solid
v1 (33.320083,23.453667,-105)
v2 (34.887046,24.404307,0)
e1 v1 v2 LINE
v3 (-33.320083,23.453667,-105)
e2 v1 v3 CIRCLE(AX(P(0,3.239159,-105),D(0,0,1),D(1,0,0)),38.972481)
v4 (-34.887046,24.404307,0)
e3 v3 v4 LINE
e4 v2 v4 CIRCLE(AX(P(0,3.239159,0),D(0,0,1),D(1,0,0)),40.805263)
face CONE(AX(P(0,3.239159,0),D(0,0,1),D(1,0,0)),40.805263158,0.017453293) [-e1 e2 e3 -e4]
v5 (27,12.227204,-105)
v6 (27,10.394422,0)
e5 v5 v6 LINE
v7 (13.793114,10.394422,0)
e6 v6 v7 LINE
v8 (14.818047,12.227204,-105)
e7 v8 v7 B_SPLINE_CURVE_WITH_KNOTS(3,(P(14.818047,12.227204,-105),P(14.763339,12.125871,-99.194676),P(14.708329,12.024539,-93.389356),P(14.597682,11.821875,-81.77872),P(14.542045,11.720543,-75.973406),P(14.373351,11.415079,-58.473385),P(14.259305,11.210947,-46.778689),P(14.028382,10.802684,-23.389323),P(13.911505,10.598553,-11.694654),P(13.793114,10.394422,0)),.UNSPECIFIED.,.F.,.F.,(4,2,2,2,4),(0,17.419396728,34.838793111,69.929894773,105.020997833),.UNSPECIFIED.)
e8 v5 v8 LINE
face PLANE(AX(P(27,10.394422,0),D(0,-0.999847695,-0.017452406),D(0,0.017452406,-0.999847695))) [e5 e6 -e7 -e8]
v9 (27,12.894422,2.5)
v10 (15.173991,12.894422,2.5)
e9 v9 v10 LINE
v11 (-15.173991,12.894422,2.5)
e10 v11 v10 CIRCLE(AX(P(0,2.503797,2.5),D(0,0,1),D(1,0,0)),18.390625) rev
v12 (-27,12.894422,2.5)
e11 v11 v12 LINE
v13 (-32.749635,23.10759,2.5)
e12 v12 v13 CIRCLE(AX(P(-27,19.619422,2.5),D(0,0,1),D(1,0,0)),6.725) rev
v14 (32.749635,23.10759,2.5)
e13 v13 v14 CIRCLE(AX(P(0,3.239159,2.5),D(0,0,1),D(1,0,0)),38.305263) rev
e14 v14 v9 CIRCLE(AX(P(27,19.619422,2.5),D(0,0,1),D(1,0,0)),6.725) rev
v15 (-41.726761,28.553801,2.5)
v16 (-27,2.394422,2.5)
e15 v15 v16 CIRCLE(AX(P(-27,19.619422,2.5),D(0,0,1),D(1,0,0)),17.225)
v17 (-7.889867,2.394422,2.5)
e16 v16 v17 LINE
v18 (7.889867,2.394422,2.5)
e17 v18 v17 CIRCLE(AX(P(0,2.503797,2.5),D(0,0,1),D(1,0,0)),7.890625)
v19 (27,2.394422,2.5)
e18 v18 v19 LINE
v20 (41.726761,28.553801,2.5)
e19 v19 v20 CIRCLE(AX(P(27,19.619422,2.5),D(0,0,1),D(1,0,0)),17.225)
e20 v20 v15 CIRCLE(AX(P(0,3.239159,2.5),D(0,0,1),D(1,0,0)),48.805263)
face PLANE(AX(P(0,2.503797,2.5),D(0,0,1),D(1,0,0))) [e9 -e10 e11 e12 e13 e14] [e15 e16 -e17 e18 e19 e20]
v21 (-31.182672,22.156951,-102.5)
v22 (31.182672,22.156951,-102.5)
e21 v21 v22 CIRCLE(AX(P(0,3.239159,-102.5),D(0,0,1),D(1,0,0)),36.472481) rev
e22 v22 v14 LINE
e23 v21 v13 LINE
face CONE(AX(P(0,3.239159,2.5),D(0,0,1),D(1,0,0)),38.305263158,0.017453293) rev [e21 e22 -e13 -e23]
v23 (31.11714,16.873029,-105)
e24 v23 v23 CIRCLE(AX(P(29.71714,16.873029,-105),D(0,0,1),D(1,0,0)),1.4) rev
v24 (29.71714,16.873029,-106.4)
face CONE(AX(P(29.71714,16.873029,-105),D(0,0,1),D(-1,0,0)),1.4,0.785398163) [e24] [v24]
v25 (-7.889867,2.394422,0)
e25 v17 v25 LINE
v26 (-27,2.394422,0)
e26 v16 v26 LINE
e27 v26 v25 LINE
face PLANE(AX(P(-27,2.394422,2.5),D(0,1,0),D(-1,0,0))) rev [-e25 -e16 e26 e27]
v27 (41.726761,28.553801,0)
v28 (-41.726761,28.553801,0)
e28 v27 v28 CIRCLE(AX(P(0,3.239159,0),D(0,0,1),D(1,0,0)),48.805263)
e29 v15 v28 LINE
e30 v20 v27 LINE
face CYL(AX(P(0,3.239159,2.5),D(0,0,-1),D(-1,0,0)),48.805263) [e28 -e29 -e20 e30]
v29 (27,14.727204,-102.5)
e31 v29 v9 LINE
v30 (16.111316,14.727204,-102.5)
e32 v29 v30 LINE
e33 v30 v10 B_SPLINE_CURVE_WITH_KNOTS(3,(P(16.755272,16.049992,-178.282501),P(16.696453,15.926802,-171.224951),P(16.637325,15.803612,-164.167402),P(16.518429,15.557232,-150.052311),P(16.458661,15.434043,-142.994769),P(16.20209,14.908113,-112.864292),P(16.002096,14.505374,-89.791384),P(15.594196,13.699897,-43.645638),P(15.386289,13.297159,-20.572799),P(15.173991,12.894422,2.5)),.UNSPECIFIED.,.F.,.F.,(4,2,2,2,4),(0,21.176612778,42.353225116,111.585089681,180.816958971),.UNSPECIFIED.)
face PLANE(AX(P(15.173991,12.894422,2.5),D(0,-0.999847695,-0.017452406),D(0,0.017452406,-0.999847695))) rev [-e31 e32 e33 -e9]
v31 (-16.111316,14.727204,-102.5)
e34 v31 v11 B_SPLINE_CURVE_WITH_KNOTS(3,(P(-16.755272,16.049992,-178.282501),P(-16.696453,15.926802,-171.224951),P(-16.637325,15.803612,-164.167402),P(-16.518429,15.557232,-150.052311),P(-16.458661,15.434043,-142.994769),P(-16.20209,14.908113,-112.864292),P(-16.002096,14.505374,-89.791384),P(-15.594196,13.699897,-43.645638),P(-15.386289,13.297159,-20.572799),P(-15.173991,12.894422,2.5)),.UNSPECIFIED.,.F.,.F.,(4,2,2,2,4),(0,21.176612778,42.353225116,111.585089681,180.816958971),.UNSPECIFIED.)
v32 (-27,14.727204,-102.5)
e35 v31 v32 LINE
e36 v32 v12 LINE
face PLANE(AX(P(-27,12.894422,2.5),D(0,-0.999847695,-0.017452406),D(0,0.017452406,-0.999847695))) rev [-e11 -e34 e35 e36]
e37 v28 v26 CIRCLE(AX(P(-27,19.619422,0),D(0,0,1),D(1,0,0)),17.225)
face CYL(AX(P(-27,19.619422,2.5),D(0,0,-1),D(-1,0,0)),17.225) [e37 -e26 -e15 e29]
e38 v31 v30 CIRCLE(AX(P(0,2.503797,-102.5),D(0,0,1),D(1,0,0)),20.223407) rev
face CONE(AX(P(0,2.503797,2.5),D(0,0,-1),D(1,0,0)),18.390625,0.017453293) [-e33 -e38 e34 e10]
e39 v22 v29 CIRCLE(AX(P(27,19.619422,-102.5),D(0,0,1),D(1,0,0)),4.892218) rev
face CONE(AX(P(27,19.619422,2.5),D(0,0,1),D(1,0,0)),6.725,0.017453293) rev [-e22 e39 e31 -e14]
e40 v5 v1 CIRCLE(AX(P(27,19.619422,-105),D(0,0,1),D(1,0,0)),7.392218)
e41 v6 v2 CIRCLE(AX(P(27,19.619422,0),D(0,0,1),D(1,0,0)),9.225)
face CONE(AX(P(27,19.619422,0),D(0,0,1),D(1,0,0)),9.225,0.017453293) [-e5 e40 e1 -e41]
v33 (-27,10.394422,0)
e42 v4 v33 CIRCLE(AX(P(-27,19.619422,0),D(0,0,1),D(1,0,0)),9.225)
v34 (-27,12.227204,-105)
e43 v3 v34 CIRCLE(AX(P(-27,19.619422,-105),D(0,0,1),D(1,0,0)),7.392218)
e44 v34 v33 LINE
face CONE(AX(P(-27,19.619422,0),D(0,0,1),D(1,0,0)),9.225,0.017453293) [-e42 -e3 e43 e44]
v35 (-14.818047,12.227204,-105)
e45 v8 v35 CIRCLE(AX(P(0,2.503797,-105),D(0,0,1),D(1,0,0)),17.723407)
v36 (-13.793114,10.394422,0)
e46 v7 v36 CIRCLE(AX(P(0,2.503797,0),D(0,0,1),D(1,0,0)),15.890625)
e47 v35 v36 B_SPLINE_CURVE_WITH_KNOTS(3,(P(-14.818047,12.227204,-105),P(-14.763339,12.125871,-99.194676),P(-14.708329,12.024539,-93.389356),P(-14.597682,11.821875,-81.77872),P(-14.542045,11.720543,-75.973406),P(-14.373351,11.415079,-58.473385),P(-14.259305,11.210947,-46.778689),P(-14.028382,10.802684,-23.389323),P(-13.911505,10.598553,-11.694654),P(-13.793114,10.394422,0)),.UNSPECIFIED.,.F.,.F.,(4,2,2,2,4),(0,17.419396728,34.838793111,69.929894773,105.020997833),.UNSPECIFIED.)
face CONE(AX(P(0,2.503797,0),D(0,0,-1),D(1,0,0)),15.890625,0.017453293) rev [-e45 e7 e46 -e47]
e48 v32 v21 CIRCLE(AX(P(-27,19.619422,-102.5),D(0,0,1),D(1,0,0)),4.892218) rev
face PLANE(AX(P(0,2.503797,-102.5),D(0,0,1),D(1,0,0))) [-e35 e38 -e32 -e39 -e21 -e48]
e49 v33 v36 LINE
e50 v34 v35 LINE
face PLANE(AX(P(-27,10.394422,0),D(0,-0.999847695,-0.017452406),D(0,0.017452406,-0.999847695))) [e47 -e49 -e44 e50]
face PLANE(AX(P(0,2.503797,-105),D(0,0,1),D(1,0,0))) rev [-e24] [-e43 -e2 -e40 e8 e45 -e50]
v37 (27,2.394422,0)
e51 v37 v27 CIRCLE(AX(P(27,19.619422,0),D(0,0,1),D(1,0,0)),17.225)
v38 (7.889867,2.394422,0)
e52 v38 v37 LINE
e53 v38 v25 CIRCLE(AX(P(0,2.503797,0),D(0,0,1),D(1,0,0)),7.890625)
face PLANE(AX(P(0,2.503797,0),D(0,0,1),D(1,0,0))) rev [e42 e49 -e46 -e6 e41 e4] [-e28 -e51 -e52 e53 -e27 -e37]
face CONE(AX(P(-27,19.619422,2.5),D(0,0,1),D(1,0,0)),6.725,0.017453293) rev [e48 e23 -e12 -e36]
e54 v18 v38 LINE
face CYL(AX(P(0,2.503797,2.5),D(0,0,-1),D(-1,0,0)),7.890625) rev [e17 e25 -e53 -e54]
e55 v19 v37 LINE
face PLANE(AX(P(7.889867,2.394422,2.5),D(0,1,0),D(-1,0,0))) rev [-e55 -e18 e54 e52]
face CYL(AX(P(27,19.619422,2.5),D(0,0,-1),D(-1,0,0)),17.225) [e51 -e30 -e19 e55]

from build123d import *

# Parameters (mm, degrees)
BASE_EXTRUDE_DEPTH  = 105
BASE_EXTRUDE_DRAFT  = -1
BOSS_EXTRUDE1_DEPTH = 2.5
CUT_EXTRUDE1_DEPTH  = 105
CUT_EXTRUDE1_DRAFT  = -1


with BuildPart() as part:
    # Sketch1 → Base-Extrude (with draft: the straight prism first)
    with BuildSketch(Plane.XY):
        with BuildLine():
            ThreePointArc((27, 10.394421907), (35.038693587, 15.093935147), (34.887046373, 24.404306911))
            ThreePointArc((34.887046373, 24.404306911), (0, 44.044421907), (-34.887046373, 24.404306911))
            ThreePointArc((-34.887046373, 24.404306911), (-35.038693587, 15.093935147), (-27, 10.394421907))
            Line((-27, 10.394421907), (-13.793114224, 10.394421907))
            ThreePointArc((-13.793114224, 10.394421907), (0, 18.394421907), (13.793114224, 10.394421907))
            Line((13.793114224, 10.394421907), (27, 10.394421907))
        make_face()
    extrude(amount=-BASE_EXTRUDE_DEPTH)
    # Base-Extrude: the draft: its side faces are tilted about the plane it starts from
    base_extrude_sides = [part.faces().sort_by_distance(p)[0] for p in [
        (20.396557112, 10.394421907, -52.5),
        (35.038693587, 15.093935147, -52.5),
        (0, 44.044421907, -52.5),
        (-35.038693587, 15.093935147, -52.5),
        (-20.396557112, 10.394421907, -52.5),
        (0, 18.394421907, -52.5),
    ]]
    draft(base_extrude_sides, Plane.XY, BASE_EXTRUDE_DRAFT)

    # Sketch2 → Boss-Extrude1 (add)
    with BuildSketch(Plane.XY):
        with BuildLine():
            Line((7.889866919, 2.394421907), (27, 2.394421907))
            ThreePointArc((27, 2.394421907), (42.009918378, 11.169393783), (41.726761385, 28.553800683))
            ThreePointArc((41.726761385, 28.553800683), (0, 52.044421907), (-41.726761385, 28.553800683))
            ThreePointArc((-41.726761385, 28.553800683), (-42.009918378, 11.169393783), (-27, 2.394421907))
            Line((-27, 2.394421907), (-7.889866919, 2.394421907))
            ThreePointArc((-7.889866919, 2.394421907), (0, 10.394421907), (7.889866919, 2.394421907))
        make_face()
    extrude(amount=BOSS_EXTRUDE1_DEPTH)


with BuildPart() as cut_extrude1_tool:
    # Sketch4 → Cut-Extrude1 (with draft: the straight prism first)
    with BuildSketch(Plane.XY.offset(2.5)):
        with BuildLine():
            Line((-27, 12.894421907), (-15.173990905, 12.894421907))
            ThreePointArc((-15.173990905, 12.894421907), (0, 20.894421907), (15.173990905, 12.894421907))
            Line((15.173990905, 12.894421907), (27, 12.894421907))
            ThreePointArc((27, 12.894421907), (32.86018584, 16.320354323), (32.749635432, 23.107590108))
            ThreePointArc((32.749635432, 23.107590108), (0, 41.544421907), (-32.749635432, 23.107590108))
            ThreePointArc((-32.749635432, 23.107590108), (-32.86018584, 16.320354323), (-27, 12.894421907))
        make_face()
    extrude(amount=-CUT_EXTRUDE1_DEPTH)
    # Cut-Extrude1: the draft: its side faces are tilted about the plane it starts from
    cut_extrude1_sides = [cut_extrude1_tool.faces().sort_by_distance(p)[0] for p in [
        (-21.086995453, 12.894421907, -50),
        (0, 20.894421907, -50),
        (21.086995453, 12.894421907, -50),
        (32.86018584, 16.320354323, -50),
        (0, 41.544421907, -50),
        (-32.86018584, 16.320354323, -50),
    ]]
    draft(cut_extrude1_sides, Plane.XY.offset(2.5), CUT_EXTRUDE1_DRAFT)


with BuildPart() as part_1:
    add(part.part)

    # Cut-Extrude1: cut by cut_extrude1_tool
    add(cut_extrude1_tool.part, mode=Mode.SUBTRACT)

    # Boss-Extrude2 cone 1 section (through the dimple's axis) → Boss-Extrude2 (revolve)
    with BuildSketch(Plane(origin=(29.717139782, 16.873028946, -105), x_dir=(0, -1, 0), z_dir=(1, 0, 0))):
        Polygon((0, 0), (1.4, 0), (0, 1.4), align=None)
    revolve(axis=Axis((29.717139782, 16.873028946, -105), (0, 0, -1)))


solid = part_1.part
